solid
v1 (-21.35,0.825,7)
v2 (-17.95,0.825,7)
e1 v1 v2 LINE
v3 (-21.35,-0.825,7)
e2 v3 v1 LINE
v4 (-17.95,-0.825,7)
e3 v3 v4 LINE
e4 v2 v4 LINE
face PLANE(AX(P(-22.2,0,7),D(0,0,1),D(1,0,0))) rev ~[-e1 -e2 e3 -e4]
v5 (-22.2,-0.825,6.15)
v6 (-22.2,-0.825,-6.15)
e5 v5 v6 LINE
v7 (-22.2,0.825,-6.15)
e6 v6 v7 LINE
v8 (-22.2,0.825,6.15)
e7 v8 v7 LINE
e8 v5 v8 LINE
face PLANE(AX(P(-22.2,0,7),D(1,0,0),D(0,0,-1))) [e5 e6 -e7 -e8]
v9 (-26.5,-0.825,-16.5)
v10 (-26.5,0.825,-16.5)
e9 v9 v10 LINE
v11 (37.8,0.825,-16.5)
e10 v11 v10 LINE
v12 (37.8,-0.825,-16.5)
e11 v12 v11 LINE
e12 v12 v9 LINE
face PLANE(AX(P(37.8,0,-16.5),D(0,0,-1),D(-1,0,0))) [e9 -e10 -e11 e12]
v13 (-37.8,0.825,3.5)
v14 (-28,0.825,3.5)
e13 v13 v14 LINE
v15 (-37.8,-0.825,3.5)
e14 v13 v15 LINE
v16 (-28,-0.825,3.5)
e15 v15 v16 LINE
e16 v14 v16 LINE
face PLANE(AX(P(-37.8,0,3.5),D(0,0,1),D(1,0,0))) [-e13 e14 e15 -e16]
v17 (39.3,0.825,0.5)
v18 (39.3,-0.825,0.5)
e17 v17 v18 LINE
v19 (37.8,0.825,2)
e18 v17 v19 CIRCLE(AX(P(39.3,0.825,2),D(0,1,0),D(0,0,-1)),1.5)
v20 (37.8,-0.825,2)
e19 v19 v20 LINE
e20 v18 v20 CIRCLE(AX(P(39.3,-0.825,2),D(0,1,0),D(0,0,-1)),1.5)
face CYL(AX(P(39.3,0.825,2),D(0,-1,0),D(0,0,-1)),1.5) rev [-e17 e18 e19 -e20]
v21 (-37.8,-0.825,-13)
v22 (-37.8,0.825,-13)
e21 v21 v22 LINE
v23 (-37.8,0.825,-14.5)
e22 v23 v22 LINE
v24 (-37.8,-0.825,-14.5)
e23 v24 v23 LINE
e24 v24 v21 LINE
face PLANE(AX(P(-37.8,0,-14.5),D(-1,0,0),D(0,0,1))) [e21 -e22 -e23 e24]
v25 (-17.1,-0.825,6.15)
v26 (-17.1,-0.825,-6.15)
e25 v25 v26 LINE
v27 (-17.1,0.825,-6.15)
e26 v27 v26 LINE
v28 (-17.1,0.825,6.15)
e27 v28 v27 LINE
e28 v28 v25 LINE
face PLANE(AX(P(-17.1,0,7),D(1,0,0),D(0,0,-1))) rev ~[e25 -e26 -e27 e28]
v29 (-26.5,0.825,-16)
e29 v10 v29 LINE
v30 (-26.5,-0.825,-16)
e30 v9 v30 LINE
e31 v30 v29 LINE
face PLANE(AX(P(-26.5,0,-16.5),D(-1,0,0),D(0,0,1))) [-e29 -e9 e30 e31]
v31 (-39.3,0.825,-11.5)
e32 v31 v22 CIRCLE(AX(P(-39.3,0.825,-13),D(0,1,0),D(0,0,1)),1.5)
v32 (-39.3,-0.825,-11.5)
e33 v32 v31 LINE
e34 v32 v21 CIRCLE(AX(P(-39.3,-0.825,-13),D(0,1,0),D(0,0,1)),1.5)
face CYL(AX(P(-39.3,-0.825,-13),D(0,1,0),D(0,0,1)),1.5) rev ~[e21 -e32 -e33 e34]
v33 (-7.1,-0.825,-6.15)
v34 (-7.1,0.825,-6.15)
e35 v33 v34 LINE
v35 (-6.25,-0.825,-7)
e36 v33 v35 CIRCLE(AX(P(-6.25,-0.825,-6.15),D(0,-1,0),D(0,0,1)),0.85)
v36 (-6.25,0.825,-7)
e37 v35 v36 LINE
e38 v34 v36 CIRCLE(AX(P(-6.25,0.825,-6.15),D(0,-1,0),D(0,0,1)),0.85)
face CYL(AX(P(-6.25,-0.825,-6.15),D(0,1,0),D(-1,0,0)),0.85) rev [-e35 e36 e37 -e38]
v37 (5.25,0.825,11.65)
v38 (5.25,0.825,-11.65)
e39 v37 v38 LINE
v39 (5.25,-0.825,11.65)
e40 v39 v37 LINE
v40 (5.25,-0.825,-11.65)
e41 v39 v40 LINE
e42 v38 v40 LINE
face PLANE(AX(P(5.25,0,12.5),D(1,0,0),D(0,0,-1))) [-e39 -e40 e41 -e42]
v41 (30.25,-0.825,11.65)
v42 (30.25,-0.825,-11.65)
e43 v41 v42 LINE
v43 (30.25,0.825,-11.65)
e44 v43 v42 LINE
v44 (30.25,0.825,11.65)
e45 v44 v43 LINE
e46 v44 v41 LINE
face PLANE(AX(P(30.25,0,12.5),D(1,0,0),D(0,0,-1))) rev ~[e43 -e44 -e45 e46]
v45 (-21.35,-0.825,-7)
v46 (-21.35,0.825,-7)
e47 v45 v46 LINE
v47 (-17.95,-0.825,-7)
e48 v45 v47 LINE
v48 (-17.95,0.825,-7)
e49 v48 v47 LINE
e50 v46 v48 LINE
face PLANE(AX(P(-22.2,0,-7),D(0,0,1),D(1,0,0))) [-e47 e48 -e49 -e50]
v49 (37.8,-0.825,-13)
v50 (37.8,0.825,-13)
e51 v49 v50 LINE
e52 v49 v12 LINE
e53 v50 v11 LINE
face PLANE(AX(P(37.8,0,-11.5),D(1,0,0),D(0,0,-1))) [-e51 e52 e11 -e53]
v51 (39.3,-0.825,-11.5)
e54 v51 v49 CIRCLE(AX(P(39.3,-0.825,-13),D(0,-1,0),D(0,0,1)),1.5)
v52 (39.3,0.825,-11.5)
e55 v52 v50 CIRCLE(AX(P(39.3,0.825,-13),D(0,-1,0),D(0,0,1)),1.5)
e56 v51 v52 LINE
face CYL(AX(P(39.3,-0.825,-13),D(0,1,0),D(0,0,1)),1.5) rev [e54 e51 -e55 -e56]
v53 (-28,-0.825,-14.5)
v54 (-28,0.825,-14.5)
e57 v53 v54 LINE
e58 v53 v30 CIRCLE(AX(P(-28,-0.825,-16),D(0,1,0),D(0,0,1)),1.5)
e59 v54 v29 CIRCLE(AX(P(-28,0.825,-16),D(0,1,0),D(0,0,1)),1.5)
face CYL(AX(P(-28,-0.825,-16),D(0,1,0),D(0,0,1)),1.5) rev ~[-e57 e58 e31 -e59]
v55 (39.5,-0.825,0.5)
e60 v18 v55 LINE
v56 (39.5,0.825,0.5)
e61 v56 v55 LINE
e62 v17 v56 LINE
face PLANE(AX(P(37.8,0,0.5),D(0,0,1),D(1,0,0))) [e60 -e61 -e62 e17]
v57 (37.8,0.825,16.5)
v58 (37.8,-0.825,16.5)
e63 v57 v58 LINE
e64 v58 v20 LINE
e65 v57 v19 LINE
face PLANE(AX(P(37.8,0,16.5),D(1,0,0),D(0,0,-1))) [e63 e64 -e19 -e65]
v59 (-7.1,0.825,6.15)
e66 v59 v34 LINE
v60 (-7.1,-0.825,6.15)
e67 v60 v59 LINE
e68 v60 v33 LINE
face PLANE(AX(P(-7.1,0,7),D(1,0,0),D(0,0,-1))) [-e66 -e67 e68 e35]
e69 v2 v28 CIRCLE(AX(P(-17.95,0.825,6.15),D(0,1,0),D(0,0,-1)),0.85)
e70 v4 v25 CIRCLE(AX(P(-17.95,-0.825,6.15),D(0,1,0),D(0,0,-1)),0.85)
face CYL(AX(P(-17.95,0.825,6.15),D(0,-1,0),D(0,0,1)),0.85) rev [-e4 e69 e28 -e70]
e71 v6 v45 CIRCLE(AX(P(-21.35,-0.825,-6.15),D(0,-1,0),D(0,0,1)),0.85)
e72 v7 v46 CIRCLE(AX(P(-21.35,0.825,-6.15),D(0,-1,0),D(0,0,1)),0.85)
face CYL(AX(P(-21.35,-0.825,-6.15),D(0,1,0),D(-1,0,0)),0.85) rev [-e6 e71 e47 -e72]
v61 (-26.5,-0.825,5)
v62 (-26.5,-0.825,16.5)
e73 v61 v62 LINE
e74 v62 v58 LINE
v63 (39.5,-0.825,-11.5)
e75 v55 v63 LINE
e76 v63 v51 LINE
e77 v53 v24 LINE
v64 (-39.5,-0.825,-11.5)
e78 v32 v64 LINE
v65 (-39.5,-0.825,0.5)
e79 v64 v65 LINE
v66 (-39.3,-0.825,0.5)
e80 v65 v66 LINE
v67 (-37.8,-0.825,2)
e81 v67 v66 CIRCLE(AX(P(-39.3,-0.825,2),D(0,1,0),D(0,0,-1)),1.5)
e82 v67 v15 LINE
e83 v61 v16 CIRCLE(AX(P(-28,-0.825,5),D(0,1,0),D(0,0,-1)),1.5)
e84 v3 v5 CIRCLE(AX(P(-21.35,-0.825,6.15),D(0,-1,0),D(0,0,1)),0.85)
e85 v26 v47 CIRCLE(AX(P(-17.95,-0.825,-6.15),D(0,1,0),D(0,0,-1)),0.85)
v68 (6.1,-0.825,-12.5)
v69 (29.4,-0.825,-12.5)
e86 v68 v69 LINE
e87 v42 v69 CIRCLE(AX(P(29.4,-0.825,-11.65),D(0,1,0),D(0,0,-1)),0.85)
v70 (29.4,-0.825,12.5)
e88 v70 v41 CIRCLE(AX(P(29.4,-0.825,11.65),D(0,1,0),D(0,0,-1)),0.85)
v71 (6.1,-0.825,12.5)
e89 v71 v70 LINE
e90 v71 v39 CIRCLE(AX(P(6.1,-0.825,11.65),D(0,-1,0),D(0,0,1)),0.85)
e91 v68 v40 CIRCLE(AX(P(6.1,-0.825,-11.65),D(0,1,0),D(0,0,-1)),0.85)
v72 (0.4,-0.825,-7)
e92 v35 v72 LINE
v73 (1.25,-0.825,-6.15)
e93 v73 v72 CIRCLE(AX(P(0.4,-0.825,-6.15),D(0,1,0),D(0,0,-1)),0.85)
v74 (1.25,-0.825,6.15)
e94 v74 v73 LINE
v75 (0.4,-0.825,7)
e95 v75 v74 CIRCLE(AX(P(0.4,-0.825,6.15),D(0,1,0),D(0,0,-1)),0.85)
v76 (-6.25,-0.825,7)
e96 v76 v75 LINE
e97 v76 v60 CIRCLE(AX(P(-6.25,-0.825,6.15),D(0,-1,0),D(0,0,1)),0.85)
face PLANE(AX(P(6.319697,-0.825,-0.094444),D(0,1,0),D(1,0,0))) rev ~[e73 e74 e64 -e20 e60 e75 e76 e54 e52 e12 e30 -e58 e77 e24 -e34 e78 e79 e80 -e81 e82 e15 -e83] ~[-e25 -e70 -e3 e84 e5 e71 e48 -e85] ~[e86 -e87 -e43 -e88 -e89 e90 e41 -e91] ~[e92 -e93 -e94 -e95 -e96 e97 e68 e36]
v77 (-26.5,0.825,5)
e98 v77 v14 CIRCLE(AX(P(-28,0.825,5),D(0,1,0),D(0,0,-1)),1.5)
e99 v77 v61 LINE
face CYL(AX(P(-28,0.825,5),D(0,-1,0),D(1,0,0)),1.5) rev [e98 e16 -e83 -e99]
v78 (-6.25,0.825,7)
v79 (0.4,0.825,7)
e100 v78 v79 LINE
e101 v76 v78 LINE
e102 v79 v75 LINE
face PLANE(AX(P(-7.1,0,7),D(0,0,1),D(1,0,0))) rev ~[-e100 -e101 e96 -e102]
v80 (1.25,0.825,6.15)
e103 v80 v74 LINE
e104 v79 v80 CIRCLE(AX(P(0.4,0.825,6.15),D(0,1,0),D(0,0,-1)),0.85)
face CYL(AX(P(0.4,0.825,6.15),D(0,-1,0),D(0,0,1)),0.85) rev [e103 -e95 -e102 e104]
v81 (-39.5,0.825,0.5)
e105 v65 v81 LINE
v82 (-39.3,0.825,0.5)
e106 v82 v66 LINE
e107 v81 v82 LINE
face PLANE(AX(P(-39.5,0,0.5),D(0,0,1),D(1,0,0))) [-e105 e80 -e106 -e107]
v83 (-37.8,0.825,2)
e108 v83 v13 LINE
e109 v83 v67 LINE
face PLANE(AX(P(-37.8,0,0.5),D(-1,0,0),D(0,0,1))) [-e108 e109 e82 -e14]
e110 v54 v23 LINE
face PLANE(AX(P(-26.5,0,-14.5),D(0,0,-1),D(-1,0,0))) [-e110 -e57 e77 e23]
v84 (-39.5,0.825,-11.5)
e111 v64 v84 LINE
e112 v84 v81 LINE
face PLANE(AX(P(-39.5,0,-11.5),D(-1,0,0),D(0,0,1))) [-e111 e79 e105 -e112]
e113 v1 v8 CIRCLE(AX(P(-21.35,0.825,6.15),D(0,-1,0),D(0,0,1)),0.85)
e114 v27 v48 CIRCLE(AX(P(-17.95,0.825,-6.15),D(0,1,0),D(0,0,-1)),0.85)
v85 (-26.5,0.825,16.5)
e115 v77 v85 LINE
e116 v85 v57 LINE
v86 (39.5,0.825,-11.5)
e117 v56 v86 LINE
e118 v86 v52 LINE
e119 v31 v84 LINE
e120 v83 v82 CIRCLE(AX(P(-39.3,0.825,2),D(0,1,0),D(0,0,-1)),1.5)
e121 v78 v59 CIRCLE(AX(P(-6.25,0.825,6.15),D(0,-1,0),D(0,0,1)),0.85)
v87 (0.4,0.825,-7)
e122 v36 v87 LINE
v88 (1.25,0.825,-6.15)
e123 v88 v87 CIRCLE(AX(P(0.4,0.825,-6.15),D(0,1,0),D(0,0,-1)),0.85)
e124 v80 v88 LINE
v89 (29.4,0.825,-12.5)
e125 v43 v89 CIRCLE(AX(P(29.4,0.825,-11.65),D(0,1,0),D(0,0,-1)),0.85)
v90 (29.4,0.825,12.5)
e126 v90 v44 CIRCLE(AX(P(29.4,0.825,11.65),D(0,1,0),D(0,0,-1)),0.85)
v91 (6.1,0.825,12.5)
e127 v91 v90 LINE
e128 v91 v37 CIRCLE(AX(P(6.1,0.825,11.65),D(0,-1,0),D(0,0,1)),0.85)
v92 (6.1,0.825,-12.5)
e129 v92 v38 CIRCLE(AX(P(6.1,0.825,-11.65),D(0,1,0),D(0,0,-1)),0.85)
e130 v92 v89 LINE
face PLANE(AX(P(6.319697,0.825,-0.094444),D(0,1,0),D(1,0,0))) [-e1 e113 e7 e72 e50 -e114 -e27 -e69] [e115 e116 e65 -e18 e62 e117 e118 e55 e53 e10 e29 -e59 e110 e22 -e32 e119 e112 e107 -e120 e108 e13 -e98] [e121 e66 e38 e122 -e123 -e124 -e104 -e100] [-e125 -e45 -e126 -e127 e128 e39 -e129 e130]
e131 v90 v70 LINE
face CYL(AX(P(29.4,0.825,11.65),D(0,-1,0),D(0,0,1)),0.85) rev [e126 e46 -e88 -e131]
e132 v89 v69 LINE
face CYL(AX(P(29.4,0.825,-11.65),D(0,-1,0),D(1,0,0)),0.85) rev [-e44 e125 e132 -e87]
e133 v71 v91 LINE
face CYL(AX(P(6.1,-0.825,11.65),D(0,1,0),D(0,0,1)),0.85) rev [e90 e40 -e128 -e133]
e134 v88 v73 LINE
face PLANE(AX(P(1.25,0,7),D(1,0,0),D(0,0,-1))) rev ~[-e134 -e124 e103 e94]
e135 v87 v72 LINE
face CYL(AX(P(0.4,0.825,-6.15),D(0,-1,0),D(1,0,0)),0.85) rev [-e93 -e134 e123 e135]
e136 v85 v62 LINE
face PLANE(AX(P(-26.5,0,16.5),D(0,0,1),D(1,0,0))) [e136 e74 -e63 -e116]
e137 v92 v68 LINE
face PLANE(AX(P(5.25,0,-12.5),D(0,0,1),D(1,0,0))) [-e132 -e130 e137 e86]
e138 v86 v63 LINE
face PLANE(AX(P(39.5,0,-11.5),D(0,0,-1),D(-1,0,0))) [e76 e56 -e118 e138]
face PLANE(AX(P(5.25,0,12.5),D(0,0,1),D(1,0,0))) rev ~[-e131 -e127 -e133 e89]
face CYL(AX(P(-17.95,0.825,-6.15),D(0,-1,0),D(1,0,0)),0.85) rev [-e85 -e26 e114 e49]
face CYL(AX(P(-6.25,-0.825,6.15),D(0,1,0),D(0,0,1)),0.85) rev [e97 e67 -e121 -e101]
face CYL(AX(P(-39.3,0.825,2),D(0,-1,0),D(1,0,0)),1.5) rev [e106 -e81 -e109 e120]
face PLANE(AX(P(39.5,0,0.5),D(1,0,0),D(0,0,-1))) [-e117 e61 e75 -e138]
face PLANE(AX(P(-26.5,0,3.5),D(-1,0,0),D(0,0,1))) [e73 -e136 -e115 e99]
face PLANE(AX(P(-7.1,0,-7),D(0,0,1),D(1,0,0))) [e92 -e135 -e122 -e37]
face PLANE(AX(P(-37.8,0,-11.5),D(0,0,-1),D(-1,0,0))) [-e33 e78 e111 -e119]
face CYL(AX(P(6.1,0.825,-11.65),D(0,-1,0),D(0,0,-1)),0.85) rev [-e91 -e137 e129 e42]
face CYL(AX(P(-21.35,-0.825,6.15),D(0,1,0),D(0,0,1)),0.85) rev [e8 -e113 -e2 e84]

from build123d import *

# Parameters (mm, degrees)
SKIZZE1_W                       = 5.1
SKIZZE1_H                       = 14
SKIZZE1_W_2                     = 8.35
SKIZZE1_W_3                     = 25
SKIZZE1_H_2                     = 25
AUFSATZ_LINEAR_AUSTRAGEN1_DEPTH = 0.825
VERRUNDUNG1_R                   = 1.5
VERRUNDUNG2_R                   = 0.85


with BuildPart() as part:
    # Skizze1 → Aufsatz-Linear austragen1 (new body, symmetric)
    with BuildSketch(Plane(origin=(0, 0, 0), x_dir=(1, 0, 0), z_dir=(0, 1, 0))):
        Polygon((37.8, 11.5), (37.8, 16.5), (-26.5, 16.5), (-26.5, 14.5), (-26.5, -3.5), (-26.5, -16.5), (37.8, -16.5), (37.8, -0.5), (39.5, -0.5), (39.5, 11.5), align=None)
        with Locations((-19.65, 0)):
            Rectangle(SKIZZE1_W, SKIZZE1_H, mode=Mode.SUBTRACT)
        with Locations((-2.925, 0)):
            Rectangle(SKIZZE1_W_2, SKIZZE1_H, mode=Mode.SUBTRACT)
        with Locations((17.75, 0)):
            Rectangle(SKIZZE1_W_3, SKIZZE1_H_2, mode=Mode.SUBTRACT)
        Polygon((-26.5, -3.5), (-26.5, 14.5), (-37.8, 14.5), (-37.8, 11.5), (-39.5, 11.5), (-39.5, -0.5), (-37.8, -0.5), (-37.8, -3.5), align=None)
    extrude(amount=AUFSATZ_LINEAR_AUSTRAGEN1_DEPTH, both=True)

    # Verrundung1
    verrundung1_edges = [part.edges().sort_by_distance(p)[0] for p in [
        (37.8, 0, -11.5),
        (37.8, 0, 0.5),
        (-26.5, 0, 3.5),
        (-37.8, 0, 0.5),
        (-37.8, 0, -11.5),
        (-26.5, 0, -14.5),
    ]]
    fillet(verrundung1_edges, radius=VERRUNDUNG1_R)

    # Verrundung2
    verrundung2_edges = [part.edges().sort_by_distance(p)[0] for p in [
        (-7.1, 0, -7),
        (-7.1, 0, 7),
        (1.25, 0, 7),
        (1.25, 0, -7),
        (5.25, 0, -12.5),
        (5.25, 0, 12.5),
        (30.25, 0, 12.5),
        (30.25, 0, -12.5),
        (-17.1, 0, 7),
        (-17.1, 0, -7),
        (-22.2, 0, -7),
        (-22.2, 0, 7),
    ]]
    fillet(verrundung2_edges, radius=VERRUNDUNG2_R)


solid = part.part
